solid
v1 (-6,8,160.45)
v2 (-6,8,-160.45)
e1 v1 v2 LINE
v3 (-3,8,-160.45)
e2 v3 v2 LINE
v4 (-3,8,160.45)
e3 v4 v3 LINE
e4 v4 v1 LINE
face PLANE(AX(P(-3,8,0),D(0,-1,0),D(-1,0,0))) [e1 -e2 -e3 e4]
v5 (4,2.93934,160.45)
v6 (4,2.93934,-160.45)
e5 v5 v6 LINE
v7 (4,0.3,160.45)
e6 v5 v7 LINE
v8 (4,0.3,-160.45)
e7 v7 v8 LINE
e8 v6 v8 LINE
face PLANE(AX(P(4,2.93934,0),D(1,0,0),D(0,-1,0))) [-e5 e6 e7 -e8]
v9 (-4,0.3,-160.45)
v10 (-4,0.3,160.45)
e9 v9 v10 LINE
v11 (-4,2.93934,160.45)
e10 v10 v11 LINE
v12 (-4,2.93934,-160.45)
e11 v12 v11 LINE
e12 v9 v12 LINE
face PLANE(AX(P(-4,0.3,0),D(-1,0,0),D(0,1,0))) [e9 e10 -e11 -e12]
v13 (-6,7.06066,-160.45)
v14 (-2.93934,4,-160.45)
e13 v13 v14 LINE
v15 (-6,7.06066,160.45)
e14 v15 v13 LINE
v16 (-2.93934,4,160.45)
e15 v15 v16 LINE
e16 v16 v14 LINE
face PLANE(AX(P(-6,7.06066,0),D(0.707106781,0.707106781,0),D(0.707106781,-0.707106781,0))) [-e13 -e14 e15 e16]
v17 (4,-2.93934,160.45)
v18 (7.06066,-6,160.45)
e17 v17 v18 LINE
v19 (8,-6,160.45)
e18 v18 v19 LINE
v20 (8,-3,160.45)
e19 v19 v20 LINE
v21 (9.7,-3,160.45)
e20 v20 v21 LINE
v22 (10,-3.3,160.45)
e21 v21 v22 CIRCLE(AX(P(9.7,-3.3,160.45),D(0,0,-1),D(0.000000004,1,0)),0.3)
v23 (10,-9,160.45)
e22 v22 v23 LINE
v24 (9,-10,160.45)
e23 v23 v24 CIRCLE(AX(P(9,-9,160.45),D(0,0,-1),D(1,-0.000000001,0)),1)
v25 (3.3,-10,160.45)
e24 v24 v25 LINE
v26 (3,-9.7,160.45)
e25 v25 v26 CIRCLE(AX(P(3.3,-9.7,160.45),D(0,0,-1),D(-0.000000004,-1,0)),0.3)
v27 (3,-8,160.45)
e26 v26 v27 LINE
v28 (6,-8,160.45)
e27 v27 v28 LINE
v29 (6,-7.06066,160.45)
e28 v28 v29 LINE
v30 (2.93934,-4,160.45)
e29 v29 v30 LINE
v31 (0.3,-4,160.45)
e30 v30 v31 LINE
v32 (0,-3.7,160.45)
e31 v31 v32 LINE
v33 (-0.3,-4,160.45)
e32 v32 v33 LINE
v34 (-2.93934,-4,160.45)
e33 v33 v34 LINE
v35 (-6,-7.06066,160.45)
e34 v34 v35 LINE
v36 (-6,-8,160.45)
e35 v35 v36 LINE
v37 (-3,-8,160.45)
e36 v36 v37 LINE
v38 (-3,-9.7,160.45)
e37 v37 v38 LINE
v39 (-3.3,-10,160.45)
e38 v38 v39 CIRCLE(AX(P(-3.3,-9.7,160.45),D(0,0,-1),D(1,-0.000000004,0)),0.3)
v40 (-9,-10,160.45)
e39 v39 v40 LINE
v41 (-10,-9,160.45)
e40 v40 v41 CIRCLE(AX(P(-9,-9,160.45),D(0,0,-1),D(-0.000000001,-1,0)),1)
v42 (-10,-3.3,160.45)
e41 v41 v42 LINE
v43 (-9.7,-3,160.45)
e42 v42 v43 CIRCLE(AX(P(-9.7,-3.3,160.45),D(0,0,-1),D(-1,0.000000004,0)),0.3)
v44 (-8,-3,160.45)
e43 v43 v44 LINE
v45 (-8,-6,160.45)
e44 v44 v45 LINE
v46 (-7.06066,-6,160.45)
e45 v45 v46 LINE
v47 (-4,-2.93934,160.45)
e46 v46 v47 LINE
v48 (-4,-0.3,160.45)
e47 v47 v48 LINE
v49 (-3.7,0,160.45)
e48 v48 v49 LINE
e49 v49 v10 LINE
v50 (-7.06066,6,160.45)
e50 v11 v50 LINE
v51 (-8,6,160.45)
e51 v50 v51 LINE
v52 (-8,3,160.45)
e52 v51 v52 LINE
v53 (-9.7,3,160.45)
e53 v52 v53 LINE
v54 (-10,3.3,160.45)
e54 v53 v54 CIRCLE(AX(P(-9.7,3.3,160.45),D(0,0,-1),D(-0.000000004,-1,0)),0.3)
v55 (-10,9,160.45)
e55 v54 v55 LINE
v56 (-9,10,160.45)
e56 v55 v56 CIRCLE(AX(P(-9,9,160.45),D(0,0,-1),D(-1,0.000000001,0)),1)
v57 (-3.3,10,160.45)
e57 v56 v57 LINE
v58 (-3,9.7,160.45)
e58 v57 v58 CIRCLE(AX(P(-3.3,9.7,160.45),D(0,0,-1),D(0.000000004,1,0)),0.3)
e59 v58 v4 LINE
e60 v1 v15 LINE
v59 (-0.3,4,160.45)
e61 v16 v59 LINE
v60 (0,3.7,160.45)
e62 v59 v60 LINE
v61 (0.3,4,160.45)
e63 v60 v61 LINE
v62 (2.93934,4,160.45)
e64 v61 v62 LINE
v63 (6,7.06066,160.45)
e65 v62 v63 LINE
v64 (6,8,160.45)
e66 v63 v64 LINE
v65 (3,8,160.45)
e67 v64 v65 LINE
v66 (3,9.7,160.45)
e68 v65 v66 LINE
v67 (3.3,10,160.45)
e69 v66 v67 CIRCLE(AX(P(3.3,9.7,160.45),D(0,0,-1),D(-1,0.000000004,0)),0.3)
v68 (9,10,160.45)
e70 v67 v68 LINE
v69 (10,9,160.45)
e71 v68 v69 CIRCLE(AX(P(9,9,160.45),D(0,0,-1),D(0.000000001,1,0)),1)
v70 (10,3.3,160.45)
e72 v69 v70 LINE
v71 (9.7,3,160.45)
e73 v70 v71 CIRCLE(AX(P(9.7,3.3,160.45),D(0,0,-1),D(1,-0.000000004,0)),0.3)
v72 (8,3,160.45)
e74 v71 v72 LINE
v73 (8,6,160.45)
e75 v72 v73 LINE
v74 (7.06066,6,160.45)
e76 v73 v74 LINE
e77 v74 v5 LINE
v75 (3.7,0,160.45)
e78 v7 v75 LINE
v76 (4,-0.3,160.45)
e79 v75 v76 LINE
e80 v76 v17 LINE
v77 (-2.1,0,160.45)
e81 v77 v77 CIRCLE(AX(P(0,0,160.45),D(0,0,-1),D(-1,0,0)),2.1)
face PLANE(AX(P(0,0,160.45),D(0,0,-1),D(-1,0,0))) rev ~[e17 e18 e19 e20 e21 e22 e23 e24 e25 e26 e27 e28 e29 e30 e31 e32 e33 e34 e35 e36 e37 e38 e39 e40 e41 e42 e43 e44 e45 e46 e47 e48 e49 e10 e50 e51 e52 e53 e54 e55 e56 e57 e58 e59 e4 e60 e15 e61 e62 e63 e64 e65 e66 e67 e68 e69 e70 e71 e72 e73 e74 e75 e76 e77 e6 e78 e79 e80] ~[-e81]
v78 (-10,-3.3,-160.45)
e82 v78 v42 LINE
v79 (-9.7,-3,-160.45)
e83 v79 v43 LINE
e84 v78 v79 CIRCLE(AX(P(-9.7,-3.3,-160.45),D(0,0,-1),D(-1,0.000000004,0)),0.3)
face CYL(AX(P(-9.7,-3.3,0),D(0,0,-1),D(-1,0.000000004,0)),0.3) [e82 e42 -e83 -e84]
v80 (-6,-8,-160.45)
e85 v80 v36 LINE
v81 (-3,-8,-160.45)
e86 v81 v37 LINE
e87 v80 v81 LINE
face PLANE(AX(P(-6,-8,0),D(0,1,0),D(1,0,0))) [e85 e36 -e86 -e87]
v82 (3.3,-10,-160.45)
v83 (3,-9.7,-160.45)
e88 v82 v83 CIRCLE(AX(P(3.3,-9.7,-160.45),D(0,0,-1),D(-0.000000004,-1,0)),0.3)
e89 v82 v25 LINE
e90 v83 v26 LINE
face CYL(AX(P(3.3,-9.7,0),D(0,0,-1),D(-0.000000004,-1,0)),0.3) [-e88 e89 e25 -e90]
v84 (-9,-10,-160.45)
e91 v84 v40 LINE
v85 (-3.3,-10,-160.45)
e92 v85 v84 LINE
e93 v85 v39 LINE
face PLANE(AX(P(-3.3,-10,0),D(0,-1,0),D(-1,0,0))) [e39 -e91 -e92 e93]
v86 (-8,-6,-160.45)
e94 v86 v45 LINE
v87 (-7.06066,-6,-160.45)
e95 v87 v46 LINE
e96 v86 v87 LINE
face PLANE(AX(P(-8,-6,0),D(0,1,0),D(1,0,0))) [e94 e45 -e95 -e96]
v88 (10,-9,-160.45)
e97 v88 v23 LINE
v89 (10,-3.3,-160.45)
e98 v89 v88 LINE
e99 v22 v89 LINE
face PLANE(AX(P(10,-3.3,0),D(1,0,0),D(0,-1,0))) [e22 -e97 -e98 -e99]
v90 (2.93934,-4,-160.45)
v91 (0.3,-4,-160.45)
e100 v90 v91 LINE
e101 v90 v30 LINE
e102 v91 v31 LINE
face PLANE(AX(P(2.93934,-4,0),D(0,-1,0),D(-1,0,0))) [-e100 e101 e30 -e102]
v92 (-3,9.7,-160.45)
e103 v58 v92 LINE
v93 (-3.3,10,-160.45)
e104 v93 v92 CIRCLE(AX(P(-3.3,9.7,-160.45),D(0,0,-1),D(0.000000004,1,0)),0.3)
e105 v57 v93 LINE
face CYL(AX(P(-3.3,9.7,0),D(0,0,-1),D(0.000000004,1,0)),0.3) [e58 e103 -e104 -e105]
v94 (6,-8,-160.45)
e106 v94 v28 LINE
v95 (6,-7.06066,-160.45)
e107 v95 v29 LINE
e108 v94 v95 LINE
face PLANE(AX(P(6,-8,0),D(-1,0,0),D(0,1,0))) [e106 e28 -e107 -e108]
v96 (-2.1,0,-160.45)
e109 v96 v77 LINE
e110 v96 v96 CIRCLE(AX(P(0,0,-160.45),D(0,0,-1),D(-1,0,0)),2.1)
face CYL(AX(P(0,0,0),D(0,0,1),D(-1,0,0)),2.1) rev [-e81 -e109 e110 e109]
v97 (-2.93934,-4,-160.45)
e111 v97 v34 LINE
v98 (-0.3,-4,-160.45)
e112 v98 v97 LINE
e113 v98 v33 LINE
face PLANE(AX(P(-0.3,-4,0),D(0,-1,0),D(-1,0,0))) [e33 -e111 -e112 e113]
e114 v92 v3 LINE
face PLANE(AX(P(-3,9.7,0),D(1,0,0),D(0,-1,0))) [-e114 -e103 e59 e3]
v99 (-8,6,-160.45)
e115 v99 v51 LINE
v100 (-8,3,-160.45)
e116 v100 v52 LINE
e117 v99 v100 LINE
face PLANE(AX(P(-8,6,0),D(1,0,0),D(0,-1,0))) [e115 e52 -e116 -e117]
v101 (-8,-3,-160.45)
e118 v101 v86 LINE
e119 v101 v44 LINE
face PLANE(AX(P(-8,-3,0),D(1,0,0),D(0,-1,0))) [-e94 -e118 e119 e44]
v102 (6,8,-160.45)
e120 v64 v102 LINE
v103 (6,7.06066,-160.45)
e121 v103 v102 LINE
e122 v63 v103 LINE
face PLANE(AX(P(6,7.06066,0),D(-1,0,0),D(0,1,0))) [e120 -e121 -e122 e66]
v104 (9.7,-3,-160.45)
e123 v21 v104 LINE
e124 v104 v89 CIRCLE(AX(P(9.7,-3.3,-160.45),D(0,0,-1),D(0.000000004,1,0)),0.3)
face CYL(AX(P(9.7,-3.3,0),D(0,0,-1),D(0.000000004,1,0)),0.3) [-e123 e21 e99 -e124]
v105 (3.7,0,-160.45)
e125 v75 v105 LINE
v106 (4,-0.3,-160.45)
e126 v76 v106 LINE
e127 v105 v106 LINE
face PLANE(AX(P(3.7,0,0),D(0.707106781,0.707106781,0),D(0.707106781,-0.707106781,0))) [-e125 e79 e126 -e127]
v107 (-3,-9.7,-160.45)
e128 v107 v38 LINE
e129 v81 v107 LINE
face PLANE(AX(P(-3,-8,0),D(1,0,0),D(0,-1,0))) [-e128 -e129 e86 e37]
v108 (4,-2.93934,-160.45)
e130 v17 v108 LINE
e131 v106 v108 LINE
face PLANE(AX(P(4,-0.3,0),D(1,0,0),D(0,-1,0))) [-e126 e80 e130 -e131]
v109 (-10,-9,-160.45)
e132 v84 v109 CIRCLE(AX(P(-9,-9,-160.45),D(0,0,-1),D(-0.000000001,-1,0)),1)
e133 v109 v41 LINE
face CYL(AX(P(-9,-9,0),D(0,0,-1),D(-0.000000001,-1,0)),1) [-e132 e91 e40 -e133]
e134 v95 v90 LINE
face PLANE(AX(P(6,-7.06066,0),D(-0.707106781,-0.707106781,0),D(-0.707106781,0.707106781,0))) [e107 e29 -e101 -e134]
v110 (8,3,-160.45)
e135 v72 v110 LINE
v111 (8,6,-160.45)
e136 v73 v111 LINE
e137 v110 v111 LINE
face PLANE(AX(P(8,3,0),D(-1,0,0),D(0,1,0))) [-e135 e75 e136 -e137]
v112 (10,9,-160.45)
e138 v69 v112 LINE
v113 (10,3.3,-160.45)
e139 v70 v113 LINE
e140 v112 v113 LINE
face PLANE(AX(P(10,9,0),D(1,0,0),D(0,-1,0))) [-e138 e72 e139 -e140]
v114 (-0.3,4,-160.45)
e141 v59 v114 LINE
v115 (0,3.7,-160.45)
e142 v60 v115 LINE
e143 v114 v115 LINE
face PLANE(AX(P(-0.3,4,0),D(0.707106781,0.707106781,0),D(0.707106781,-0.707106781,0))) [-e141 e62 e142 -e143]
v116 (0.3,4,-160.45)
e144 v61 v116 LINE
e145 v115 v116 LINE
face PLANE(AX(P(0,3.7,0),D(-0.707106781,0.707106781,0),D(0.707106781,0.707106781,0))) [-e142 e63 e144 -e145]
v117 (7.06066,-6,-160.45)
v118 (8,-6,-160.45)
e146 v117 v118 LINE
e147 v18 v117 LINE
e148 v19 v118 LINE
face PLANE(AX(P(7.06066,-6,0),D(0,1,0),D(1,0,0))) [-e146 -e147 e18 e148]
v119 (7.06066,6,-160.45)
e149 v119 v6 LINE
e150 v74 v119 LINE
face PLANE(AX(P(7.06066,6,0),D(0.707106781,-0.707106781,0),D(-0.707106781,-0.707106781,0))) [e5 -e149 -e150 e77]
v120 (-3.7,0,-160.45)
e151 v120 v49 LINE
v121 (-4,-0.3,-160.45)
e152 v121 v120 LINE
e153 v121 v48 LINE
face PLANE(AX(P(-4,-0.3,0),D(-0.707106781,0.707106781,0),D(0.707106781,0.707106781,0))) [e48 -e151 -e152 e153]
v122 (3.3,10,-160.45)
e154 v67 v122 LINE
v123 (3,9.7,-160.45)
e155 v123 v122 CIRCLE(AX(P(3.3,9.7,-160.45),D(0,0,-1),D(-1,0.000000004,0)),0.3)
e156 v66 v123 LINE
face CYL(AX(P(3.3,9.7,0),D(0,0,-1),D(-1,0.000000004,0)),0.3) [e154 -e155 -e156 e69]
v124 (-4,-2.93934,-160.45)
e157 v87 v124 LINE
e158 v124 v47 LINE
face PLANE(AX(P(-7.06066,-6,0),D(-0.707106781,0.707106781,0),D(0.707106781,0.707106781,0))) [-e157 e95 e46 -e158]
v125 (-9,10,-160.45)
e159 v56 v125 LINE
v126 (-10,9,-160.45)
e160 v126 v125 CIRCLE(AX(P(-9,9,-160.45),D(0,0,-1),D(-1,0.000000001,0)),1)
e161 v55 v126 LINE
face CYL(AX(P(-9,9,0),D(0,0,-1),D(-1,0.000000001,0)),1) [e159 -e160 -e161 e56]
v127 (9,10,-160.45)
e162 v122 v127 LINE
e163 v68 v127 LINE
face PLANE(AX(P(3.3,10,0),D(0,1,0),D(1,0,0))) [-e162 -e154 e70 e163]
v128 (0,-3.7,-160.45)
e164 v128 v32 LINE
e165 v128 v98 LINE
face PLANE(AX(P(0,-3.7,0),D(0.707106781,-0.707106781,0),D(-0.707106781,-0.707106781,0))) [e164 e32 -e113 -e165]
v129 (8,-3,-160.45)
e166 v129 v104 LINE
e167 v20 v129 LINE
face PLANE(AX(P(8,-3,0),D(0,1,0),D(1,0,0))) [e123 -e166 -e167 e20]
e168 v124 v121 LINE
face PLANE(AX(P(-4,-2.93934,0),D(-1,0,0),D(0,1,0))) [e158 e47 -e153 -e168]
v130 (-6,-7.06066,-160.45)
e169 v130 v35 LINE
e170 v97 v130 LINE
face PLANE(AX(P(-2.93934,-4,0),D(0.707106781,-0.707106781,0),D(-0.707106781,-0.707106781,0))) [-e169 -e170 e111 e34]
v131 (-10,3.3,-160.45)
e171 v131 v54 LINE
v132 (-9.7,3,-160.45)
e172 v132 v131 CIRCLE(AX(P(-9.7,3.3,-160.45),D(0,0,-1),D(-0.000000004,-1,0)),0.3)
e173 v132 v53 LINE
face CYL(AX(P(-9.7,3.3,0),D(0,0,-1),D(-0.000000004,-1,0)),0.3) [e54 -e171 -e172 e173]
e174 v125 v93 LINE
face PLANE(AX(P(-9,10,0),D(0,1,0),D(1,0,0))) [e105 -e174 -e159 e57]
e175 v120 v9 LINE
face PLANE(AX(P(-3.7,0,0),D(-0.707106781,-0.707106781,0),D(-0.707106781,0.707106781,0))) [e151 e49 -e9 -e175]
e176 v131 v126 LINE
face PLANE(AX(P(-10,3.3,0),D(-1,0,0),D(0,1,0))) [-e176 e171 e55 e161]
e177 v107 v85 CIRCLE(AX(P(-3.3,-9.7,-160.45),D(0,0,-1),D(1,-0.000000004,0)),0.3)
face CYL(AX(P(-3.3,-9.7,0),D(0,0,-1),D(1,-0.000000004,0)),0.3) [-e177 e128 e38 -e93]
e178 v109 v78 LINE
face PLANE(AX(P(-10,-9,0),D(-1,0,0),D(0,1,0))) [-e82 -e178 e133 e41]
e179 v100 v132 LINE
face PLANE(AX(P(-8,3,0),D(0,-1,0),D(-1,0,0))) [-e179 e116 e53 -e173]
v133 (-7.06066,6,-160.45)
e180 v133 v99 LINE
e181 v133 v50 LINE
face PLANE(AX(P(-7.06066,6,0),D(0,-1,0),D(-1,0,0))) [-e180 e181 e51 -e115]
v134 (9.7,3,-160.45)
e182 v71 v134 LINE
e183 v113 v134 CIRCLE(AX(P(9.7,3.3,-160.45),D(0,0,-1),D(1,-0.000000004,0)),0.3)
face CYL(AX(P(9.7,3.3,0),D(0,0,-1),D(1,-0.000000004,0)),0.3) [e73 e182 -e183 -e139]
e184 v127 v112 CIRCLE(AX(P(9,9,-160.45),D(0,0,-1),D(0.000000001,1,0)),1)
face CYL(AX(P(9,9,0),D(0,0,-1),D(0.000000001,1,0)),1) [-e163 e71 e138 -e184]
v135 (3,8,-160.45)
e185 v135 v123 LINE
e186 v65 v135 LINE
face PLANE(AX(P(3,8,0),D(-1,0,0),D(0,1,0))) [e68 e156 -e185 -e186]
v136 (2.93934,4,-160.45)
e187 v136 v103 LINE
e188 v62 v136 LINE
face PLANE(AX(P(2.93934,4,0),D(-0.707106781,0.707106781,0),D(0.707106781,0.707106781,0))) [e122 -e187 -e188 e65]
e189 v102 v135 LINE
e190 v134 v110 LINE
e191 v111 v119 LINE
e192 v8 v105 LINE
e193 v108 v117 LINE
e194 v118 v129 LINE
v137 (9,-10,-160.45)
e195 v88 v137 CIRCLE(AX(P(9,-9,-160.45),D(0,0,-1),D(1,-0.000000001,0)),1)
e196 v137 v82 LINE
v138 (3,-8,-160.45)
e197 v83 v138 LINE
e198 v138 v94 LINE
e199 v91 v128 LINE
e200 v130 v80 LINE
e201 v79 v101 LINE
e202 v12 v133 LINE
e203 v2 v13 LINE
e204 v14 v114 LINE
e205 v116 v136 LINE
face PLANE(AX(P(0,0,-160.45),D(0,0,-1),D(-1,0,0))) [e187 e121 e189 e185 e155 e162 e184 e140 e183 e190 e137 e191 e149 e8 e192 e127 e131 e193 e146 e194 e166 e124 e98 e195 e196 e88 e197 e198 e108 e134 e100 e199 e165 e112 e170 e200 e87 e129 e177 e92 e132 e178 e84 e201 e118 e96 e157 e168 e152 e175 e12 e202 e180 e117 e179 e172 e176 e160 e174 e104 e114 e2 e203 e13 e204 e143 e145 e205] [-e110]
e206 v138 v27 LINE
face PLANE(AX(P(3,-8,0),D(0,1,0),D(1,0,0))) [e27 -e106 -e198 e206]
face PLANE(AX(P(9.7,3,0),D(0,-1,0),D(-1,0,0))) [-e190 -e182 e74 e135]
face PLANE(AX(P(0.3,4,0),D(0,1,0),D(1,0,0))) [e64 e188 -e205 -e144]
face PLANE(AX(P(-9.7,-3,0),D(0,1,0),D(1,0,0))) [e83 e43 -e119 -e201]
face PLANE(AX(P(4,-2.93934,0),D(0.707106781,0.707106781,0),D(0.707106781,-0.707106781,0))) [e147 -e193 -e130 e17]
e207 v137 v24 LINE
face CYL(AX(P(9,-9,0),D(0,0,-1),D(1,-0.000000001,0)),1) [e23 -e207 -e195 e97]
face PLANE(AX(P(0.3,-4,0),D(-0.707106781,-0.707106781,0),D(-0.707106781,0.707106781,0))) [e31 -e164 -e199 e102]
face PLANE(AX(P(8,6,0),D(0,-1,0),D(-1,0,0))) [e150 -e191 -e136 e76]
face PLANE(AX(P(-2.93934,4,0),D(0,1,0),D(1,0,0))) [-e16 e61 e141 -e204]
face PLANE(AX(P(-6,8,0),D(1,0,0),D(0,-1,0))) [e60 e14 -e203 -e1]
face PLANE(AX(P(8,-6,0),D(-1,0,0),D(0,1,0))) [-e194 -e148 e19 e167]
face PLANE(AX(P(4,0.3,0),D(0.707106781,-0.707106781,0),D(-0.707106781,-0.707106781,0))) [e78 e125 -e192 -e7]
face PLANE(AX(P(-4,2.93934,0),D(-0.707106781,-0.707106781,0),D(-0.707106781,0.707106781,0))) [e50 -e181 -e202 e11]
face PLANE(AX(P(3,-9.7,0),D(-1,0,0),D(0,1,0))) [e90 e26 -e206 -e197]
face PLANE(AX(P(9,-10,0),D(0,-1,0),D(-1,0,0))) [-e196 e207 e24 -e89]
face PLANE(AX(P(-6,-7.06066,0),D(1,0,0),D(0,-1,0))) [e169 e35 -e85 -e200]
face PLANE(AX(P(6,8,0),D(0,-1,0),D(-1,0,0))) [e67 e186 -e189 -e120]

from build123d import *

# Parameters (mm, degrees)
SKETCH1_R           = 2.1
BOSS_EXTRUDE1_DEPTH = 160.45


with BuildPart() as part:
    # Sketch1 → Boss-Extrude1 (new, symmetric)
    with BuildSketch(Plane(origin=(0, 0, 0), x_dir=(-1, 0, 0), z_dir=(0, 0, -1))):
        with BuildLine():
            Line((10, 3.3), (10, 9))
            ThreePointArc((10, 9), (9.707106781, 9.707106781), (9, 10))
            Line((9, 10), (3.3, 10))
            ThreePointArc((3.3, 10), (3.087867966, 9.912132034), (3, 9.7))
            Line((3, 9.7), (3, 8))
            Line((3, 8), (6, 8))
            Line((6, 8), (6, 7.060660172))
            Line((6, 7.060660172), (2.939339828, 4))
            Line((2.939339828, 4), (0.3, 4))
            Line((0.3, 4), (0, 3.7))
            Line((0, 3.7), (-0.3, 4))
            Line((-0.3, 4), (-2.939339828, 4))
            Line((-2.939339828, 4), (-6, 7.060660172))
            Line((-6, 7.060660172), (-6, 8))
            Line((-6, 8), (-3, 8))
            Line((-3, 8), (-3, 9.7))
            ThreePointArc((-3, 9.7), (-3.087867966, 9.912132034), (-3.3, 10))
            Line((-3.3, 10), (-9, 10))
            ThreePointArc((-9, 10), (-9.707106781, 9.707106781), (-10, 9))
            Line((-10, 9), (-10, 3.3))
            ThreePointArc((-10, 3.3), (-9.912132034, 3.087867966), (-9.7, 3))
            Line((-9.7, 3), (-8, 3))
            Line((-8, 3), (-8, 6))
            Line((-8, 6), (-7.060660172, 6))
            Line((-7.060660172, 6), (-4, 2.939339828))
            Line((-4, 2.939339828), (-4, 0.3))
            Line((-4, 0.3), (-3.7, 0))
            Line((-3.7, 0), (-4, -0.3))
            Line((-4, -0.3), (-4, -2.939339828))
            Line((-4, -2.939339828), (-7.060660172, -6))
            Line((-7.060660172, -6), (-8, -6))
            Line((-8, -6), (-8, -3))
            Line((-8, -3), (-9.7, -3))
            ThreePointArc((-9.7, -3), (-9.912132034, -3.087867966), (-10, -3.3))
            Line((-10, -3.3), (-10, -9))
            ThreePointArc((-10, -9), (-9.707106781, -9.707106781), (-9, -10))
            Line((-9, -10), (-3.3, -10))
            ThreePointArc((-3.3, -10), (-3.087867966, -9.912132034), (-3, -9.7))
            Line((-3, -9.7), (-3, -8))
            Line((-3, -8), (-6, -8))
            Line((-6, -8), (-6, -7.060660172))
            Line((-6, -7.060660172), (-2.939339828, -4))
            Line((-2.939339828, -4), (-0.3, -4))
            Line((-0.3, -4), (0, -3.7))
            Line((0, -3.7), (0.3, -4))
            Line((0.3, -4), (2.939339828, -4))
            Line((2.939339828, -4), (6, -7.060660172))
            Line((6, -7.060660172), (6, -8))
            Line((6, -8), (3, -8))
            Line((3, -8), (3, -9.7))
            ThreePointArc((3, -9.7), (3.087867966, -9.912132034), (3.3, -10))
            Line((3.3, -10), (9, -10))
            ThreePointArc((9, -10), (9.707106781, -9.707106781), (10, -9))
            Line((10, -9), (10, -3.3))
            ThreePointArc((10, -3.3), (9.912132034, -3.087867966), (9.7, -3))
            Line((9.7, -3), (8, -3))
            Line((8, -3), (8, -6))
            Line((8, -6), (7.060660172, -6))
            Line((7.060660172, -6), (4, -2.939339828))
            Line((4, -2.939339828), (4, -0.3))
            Line((4, -0.3), (3.7, 0))
            Line((3.7, 0), (4, 0.3))
            Line((4, 0.3), (4, 2.939339828))
            Line((4, 2.939339828), (7.060660172, 6))
            Line((7.060660172, 6), (8, 6))
            Line((8, 6), (8, 3))
            Line((8, 3), (9.7, 3))
            ThreePointArc((9.7, 3), (9.912132034, 3.087867966), (10, 3.3))
        make_face()
        Circle(SKETCH1_R, mode=Mode.SUBTRACT)
    extrude(amount=BOSS_EXTRUDE1_DEPTH, both=True)


solid = part.part
